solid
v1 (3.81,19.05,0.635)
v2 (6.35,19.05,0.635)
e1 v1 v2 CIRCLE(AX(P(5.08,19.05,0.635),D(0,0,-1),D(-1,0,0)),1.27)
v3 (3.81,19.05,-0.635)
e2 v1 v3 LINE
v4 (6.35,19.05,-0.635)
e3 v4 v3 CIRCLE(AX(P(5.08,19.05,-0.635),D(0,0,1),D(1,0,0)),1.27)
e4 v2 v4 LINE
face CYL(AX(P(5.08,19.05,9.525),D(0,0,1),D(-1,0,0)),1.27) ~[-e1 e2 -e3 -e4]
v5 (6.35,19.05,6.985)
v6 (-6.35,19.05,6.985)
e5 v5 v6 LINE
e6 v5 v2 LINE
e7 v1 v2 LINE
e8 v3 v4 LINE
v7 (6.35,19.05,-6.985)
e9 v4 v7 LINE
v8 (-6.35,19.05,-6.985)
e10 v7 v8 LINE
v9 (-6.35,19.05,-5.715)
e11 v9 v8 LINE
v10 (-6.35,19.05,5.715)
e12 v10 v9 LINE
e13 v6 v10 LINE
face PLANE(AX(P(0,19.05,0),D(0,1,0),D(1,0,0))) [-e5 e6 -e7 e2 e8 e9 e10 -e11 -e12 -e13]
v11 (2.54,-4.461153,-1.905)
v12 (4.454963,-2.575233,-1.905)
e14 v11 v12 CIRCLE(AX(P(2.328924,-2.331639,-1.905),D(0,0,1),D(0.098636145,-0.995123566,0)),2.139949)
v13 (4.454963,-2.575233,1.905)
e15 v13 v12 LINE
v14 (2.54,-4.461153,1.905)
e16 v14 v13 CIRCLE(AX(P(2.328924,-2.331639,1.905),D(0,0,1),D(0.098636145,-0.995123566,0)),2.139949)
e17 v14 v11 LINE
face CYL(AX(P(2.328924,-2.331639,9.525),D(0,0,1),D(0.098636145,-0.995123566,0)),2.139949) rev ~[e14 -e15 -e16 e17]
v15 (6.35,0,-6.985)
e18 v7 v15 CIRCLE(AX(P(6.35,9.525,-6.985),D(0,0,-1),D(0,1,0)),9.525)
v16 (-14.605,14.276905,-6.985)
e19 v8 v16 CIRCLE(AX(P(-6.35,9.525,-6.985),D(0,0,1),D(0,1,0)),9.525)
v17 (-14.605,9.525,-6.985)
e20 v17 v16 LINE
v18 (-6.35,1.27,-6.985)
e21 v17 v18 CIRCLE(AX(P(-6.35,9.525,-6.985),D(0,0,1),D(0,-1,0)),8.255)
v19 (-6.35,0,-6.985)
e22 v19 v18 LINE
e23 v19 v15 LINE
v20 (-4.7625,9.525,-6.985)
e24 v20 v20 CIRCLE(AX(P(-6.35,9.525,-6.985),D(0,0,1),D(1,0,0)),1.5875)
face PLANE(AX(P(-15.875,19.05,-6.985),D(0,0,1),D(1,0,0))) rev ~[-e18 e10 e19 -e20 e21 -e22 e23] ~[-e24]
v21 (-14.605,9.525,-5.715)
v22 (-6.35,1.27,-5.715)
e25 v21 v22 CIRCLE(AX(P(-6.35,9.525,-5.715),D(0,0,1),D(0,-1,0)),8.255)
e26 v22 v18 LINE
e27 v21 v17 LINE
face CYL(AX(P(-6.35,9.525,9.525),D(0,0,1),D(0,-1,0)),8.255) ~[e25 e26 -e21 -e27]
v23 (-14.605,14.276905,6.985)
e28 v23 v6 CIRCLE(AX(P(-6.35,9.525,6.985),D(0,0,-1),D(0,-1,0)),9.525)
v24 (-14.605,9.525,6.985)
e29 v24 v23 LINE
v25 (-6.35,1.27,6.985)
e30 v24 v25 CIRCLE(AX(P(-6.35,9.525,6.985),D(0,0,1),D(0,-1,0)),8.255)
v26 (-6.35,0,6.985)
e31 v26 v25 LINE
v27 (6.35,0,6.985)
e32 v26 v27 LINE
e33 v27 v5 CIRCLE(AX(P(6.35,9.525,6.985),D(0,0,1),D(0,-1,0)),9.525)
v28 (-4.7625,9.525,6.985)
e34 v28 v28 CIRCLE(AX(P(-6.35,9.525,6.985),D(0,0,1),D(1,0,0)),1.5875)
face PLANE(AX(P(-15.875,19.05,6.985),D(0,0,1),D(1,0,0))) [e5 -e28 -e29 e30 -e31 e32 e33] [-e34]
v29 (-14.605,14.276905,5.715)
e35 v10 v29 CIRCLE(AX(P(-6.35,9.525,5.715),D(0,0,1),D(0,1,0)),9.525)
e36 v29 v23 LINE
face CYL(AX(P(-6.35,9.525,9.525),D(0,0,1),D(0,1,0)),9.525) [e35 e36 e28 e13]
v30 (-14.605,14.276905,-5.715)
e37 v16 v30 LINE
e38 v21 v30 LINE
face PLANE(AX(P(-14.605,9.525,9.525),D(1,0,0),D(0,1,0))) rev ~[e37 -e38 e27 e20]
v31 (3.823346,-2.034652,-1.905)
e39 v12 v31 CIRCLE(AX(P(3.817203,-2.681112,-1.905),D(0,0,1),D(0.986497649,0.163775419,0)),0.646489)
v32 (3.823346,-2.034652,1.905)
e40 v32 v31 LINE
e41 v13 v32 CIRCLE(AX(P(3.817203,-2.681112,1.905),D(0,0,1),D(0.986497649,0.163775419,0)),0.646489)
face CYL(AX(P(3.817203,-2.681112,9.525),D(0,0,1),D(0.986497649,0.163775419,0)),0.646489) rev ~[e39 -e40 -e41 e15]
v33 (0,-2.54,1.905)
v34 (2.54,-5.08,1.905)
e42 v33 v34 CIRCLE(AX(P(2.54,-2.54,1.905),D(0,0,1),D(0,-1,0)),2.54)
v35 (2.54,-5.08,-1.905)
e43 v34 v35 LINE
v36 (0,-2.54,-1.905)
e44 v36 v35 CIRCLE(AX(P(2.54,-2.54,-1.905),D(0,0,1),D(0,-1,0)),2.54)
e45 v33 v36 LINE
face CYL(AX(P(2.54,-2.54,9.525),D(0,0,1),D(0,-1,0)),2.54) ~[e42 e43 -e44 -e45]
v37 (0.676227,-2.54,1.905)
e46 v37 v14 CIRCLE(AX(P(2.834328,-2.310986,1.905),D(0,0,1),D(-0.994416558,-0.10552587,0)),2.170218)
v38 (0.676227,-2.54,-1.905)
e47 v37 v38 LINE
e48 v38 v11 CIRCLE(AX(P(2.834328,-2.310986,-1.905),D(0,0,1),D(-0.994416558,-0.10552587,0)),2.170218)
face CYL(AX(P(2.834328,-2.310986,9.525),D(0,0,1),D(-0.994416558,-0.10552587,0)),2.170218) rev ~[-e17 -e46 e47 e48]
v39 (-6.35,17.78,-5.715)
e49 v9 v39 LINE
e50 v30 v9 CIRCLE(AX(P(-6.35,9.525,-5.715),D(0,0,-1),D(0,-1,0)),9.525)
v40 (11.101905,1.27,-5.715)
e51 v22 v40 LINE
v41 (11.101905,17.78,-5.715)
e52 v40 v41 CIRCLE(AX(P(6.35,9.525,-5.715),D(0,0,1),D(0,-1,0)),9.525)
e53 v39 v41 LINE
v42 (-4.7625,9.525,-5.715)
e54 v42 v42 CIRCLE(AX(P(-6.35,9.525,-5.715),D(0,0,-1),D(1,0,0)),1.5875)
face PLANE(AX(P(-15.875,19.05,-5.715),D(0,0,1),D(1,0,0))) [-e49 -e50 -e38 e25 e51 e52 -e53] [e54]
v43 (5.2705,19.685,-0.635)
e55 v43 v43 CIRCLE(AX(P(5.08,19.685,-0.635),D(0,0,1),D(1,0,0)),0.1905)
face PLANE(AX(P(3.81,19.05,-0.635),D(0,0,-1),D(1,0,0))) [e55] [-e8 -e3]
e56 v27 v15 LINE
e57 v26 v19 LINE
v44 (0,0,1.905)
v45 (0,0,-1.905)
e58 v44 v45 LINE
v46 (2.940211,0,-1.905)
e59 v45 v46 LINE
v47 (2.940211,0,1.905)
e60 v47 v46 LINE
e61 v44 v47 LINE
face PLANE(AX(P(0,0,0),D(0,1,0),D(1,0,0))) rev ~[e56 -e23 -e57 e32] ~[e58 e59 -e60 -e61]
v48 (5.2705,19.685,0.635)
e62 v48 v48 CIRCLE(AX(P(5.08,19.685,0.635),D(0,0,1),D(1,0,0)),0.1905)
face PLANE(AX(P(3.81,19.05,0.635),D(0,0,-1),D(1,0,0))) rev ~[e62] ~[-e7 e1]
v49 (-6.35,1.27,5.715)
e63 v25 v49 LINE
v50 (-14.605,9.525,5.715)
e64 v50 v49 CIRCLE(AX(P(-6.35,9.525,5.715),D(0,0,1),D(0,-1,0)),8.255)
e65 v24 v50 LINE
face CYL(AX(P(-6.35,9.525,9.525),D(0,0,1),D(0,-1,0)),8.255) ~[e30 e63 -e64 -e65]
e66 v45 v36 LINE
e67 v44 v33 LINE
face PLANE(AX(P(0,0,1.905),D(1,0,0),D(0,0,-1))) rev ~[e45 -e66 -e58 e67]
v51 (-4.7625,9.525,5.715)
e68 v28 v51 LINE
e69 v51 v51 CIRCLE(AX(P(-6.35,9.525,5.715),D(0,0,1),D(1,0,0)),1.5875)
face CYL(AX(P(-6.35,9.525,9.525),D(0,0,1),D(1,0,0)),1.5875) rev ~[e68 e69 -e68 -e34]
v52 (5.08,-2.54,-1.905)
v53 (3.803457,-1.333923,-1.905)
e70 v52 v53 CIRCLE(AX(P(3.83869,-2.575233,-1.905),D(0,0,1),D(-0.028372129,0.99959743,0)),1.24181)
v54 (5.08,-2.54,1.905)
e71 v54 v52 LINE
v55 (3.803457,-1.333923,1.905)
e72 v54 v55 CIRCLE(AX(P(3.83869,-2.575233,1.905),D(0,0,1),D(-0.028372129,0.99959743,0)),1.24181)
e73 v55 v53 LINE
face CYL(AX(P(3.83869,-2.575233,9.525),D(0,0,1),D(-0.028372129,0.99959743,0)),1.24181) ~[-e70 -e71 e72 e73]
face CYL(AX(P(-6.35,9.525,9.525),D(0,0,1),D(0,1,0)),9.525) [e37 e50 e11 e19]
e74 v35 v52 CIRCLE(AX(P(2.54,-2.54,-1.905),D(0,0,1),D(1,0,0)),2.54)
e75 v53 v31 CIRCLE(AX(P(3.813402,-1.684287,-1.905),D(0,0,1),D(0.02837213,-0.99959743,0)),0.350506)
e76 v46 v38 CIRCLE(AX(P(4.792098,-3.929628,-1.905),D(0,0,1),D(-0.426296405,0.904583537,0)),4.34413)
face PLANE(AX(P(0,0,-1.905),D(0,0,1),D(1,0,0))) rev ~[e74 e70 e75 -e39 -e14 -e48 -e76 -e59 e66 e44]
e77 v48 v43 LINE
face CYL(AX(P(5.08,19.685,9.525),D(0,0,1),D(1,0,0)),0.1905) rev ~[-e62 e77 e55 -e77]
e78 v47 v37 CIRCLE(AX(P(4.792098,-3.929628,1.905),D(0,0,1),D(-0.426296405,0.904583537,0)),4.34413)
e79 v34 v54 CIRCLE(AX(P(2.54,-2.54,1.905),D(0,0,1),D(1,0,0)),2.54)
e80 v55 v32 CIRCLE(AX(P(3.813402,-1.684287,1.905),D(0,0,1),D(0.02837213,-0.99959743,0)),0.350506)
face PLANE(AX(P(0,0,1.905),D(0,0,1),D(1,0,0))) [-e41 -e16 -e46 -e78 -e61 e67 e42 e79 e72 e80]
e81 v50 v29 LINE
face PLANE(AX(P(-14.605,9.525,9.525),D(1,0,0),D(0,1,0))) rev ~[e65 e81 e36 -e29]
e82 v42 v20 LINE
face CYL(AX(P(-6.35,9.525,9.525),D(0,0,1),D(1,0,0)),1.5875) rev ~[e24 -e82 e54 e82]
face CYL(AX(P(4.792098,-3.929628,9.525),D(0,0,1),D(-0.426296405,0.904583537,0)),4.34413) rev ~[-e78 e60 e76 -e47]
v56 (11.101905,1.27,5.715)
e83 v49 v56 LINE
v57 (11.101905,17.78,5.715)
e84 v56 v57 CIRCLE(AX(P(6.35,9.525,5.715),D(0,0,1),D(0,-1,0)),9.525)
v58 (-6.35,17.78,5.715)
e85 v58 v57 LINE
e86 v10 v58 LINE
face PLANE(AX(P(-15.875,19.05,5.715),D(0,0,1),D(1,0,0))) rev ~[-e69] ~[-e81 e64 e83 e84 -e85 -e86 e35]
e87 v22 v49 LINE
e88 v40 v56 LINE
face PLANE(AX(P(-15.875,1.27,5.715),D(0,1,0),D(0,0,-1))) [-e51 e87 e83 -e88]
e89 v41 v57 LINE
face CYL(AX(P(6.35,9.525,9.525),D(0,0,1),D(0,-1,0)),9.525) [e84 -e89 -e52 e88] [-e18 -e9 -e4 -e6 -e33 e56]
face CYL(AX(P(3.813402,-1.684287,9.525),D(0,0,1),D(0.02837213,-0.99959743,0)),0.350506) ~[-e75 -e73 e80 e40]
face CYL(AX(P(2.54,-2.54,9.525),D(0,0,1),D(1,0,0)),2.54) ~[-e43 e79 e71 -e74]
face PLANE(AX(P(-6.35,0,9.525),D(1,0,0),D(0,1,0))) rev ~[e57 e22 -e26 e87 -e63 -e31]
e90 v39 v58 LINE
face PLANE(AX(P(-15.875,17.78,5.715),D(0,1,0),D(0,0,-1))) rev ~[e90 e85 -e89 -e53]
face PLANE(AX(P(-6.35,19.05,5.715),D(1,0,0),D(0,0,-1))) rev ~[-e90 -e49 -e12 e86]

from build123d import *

# Parameters (mm, degrees)
SKETCH1_W           = 31.75
SKETCH1_H           = 19.05
BOSS_EXTRUDE1_DEPTH = 19.05
SKETCH2_R           = 1.5875
CUT_EXTRUDE2_DEPTH  = 19.05
SKETCH3_W           = 31.75
SKETCH3_H           = 2.54
SKETCH3_W_2         = 9.525
SKETCH3_H_2         = 11.43
CUT_EXTRUDE3_DEPTH  = 19.05
SKETCH4_W           = 11.43
SKETCH4_H           = 16.51
CUT_EXTRUDE4_DEPTH  = 50.8
CUT_EXTRUDE5_DEPTH  = 19.05
SKETCH6_W           = 5.08
SKETCH6_H           = 3.81
BOSS_EXTRUDE2_DEPTH = 7.62
CUT_EXTRUDE6_DEPTH  = 19.05
SKETCH8_W           = 2.54
SKETCH8_H           = 1.27
BOSS_EXTRUDE3_DEPTH = 1.27
SKETCH9_R           = 0.1905
CUT_EXTRUDE7_DEPTH  = 19.05


with BuildPart() as part:
    # Sketch1 → Boss-Extrude1 (new body)
    with BuildSketch(Plane(origin=(0, 0, 0), x_dir=(1, 0, 0), z_dir=(0, 1, 0))):
        Rectangle(SKETCH1_W, SKETCH1_H)
    extrude(amount=BOSS_EXTRUDE1_DEPTH)

    # Sketch2 → Cut-Extrude2 (cut)
    with BuildSketch(Plane.XY.offset(9.525)):
        with Locations((-6.35, 9.525)):
            Circle(SKETCH2_R)
        with BuildLine():
            ThreePointArc((-6.35, 19.05), (-15.875, 9.525), (-6.35, 0))
            ThreePointArc((-6.35, 0), (-27.315146333, 9.525), (-6.35, 19.05))
        make_face()
        with BuildLine():
            ThreePointArc((6.35, 0), (15.875, 9.525), (6.35, 19.05))
            ThreePointArc((6.35, 19.05), (24.948138119, 9.525), (6.35, 0))
        make_face()
    extrude(amount=-CUT_EXTRUDE2_DEPTH, mode=Mode.SUBTRACT)

    # Sketch3 → Cut-Extrude3 (cut)
    with BuildSketch(Plane(origin=(0, 19.05, 0), x_dir=(1, 0, 0), z_dir=(0, 1, 0))):
        with Locations((0, 8.255)):
            Rectangle(SKETCH3_W, SKETCH3_H)
        with Locations((0, -8.255)):
            Rectangle(SKETCH3_W, SKETCH3_H)
        with Locations((-11.1125, 0)):
            Rectangle(SKETCH3_W_2, SKETCH3_H_2)
    extrude(amount=-CUT_EXTRUDE3_DEPTH, mode=Mode.SUBTRACT)

    # Sketch4 → Cut-Extrude4 (cut)
    with BuildSketch(Plane(origin=(-15.875, 0, 0), x_dir=(0, 0, -1), z_dir=(1, 0, 0))):
        with Locations((0, 9.525)):
            Rectangle(SKETCH4_W, SKETCH4_H)
    extrude(amount=CUT_EXTRUDE4_DEPTH, mode=Mode.SUBTRACT)

    # Sketch5 → Cut-Extrude5 (cut)
    with BuildSketch(Plane.XY.offset(9.525)):
        with BuildLine():
            Line((-14.605, 17.4863926), (-18.31070608, 1.27))
            Line((-18.31070608, 1.27), (-18.31070608, 0))
            Line((-18.31070608, 0), (-6.35, 0))
            Line((-6.35, 0), (-6.35, 1.27))
            ThreePointArc((-6.35, 1.27), (-12.187166479, 3.687833521), (-14.605, 9.525))
            Line((-14.605, 9.525), (-14.605, 17.4863926))
        make_face()
    extrude(amount=-CUT_EXTRUDE5_DEPTH, mode=Mode.SUBTRACT)

    # Sketch6 → Boss-Extrude2 (add)
    with BuildSketch(Plane(origin=(0, 0, 0), x_dir=(1, 0, 0), z_dir=(0, 1, 0))):
        with Locations((2.54, 0)):
            Rectangle(SKETCH6_W, SKETCH6_H)
    extrude(amount=-BOSS_EXTRUDE2_DEPTH)

    # Sketch7 → Cut-Extrude6 (cut)
    with BuildSketch(Plane.XY.offset(9.525)):
        with BuildLine():
            Line((0, -2.54), (0, 0))
            ThreePointArc((0, 0), (2.54, -9.543763037), (5.08, 0))
            Line((5.08, 0), (2.940211157, 0))
            ThreePointArc((2.940211157, 0), (1.549192819, -1.039121584), (0.676226805, -2.54))
            ThreePointArc((0.676226805, -2.54), (1.276666453, -3.82212392), (2.54, -4.461152767))
            ThreePointArc((2.54, -4.461152767), (3.830489938, -3.856329433), (4.454963278, -2.575232796))
            ThreePointArc((4.454963278, -2.575232796), (4.237571766, -2.189951454), (3.823346179, -2.034651919))
            ThreePointArc((3.823346179, -2.034651919), (3.463036915, -1.694231845), (3.803456989, -1.333922582))
            ThreePointArc((3.803456989, -1.333922582), (4.691515307, -1.672580577), (5.08, -2.54))
            ThreePointArc((5.08, -2.54), (4.336051224, -4.336051224), (2.54, -5.08))
            ThreePointArc((2.54, -5.08), (0.743948776, -4.336051224), (0, -2.54))
        make_face()
    extrude(amount=-CUT_EXTRUDE6_DEPTH, mode=Mode.SUBTRACT)

    # Sketch8 → Boss-Extrude3 (add)
    with BuildSketch(Plane(origin=(0, 19.05, 0), x_dir=(1, 0, 0), z_dir=(0, 1, 0))):
        with Locations((5.08, 0)):
            Rectangle(SKETCH8_W, SKETCH8_H)
    extrude(amount=BOSS_EXTRUDE3_DEPTH)

    # Sketch9 → Cut-Extrude7 (cut)
    with BuildSketch(Plane.XY.offset(9.525)):
        with Locations((5.08, 19.685)):
            Circle(SKETCH9_R)
        with BuildLine():
            ThreePointArc((3.81, 19.05), (5.08, 20.32), (6.35, 19.05))
            ThreePointArc((6.35, 19.05), (5.08, 21.265981124), (3.81, 19.05))
        make_face()
    extrude(amount=-CUT_EXTRUDE7_DEPTH, mode=Mode.SUBTRACT)


solid = part.part
